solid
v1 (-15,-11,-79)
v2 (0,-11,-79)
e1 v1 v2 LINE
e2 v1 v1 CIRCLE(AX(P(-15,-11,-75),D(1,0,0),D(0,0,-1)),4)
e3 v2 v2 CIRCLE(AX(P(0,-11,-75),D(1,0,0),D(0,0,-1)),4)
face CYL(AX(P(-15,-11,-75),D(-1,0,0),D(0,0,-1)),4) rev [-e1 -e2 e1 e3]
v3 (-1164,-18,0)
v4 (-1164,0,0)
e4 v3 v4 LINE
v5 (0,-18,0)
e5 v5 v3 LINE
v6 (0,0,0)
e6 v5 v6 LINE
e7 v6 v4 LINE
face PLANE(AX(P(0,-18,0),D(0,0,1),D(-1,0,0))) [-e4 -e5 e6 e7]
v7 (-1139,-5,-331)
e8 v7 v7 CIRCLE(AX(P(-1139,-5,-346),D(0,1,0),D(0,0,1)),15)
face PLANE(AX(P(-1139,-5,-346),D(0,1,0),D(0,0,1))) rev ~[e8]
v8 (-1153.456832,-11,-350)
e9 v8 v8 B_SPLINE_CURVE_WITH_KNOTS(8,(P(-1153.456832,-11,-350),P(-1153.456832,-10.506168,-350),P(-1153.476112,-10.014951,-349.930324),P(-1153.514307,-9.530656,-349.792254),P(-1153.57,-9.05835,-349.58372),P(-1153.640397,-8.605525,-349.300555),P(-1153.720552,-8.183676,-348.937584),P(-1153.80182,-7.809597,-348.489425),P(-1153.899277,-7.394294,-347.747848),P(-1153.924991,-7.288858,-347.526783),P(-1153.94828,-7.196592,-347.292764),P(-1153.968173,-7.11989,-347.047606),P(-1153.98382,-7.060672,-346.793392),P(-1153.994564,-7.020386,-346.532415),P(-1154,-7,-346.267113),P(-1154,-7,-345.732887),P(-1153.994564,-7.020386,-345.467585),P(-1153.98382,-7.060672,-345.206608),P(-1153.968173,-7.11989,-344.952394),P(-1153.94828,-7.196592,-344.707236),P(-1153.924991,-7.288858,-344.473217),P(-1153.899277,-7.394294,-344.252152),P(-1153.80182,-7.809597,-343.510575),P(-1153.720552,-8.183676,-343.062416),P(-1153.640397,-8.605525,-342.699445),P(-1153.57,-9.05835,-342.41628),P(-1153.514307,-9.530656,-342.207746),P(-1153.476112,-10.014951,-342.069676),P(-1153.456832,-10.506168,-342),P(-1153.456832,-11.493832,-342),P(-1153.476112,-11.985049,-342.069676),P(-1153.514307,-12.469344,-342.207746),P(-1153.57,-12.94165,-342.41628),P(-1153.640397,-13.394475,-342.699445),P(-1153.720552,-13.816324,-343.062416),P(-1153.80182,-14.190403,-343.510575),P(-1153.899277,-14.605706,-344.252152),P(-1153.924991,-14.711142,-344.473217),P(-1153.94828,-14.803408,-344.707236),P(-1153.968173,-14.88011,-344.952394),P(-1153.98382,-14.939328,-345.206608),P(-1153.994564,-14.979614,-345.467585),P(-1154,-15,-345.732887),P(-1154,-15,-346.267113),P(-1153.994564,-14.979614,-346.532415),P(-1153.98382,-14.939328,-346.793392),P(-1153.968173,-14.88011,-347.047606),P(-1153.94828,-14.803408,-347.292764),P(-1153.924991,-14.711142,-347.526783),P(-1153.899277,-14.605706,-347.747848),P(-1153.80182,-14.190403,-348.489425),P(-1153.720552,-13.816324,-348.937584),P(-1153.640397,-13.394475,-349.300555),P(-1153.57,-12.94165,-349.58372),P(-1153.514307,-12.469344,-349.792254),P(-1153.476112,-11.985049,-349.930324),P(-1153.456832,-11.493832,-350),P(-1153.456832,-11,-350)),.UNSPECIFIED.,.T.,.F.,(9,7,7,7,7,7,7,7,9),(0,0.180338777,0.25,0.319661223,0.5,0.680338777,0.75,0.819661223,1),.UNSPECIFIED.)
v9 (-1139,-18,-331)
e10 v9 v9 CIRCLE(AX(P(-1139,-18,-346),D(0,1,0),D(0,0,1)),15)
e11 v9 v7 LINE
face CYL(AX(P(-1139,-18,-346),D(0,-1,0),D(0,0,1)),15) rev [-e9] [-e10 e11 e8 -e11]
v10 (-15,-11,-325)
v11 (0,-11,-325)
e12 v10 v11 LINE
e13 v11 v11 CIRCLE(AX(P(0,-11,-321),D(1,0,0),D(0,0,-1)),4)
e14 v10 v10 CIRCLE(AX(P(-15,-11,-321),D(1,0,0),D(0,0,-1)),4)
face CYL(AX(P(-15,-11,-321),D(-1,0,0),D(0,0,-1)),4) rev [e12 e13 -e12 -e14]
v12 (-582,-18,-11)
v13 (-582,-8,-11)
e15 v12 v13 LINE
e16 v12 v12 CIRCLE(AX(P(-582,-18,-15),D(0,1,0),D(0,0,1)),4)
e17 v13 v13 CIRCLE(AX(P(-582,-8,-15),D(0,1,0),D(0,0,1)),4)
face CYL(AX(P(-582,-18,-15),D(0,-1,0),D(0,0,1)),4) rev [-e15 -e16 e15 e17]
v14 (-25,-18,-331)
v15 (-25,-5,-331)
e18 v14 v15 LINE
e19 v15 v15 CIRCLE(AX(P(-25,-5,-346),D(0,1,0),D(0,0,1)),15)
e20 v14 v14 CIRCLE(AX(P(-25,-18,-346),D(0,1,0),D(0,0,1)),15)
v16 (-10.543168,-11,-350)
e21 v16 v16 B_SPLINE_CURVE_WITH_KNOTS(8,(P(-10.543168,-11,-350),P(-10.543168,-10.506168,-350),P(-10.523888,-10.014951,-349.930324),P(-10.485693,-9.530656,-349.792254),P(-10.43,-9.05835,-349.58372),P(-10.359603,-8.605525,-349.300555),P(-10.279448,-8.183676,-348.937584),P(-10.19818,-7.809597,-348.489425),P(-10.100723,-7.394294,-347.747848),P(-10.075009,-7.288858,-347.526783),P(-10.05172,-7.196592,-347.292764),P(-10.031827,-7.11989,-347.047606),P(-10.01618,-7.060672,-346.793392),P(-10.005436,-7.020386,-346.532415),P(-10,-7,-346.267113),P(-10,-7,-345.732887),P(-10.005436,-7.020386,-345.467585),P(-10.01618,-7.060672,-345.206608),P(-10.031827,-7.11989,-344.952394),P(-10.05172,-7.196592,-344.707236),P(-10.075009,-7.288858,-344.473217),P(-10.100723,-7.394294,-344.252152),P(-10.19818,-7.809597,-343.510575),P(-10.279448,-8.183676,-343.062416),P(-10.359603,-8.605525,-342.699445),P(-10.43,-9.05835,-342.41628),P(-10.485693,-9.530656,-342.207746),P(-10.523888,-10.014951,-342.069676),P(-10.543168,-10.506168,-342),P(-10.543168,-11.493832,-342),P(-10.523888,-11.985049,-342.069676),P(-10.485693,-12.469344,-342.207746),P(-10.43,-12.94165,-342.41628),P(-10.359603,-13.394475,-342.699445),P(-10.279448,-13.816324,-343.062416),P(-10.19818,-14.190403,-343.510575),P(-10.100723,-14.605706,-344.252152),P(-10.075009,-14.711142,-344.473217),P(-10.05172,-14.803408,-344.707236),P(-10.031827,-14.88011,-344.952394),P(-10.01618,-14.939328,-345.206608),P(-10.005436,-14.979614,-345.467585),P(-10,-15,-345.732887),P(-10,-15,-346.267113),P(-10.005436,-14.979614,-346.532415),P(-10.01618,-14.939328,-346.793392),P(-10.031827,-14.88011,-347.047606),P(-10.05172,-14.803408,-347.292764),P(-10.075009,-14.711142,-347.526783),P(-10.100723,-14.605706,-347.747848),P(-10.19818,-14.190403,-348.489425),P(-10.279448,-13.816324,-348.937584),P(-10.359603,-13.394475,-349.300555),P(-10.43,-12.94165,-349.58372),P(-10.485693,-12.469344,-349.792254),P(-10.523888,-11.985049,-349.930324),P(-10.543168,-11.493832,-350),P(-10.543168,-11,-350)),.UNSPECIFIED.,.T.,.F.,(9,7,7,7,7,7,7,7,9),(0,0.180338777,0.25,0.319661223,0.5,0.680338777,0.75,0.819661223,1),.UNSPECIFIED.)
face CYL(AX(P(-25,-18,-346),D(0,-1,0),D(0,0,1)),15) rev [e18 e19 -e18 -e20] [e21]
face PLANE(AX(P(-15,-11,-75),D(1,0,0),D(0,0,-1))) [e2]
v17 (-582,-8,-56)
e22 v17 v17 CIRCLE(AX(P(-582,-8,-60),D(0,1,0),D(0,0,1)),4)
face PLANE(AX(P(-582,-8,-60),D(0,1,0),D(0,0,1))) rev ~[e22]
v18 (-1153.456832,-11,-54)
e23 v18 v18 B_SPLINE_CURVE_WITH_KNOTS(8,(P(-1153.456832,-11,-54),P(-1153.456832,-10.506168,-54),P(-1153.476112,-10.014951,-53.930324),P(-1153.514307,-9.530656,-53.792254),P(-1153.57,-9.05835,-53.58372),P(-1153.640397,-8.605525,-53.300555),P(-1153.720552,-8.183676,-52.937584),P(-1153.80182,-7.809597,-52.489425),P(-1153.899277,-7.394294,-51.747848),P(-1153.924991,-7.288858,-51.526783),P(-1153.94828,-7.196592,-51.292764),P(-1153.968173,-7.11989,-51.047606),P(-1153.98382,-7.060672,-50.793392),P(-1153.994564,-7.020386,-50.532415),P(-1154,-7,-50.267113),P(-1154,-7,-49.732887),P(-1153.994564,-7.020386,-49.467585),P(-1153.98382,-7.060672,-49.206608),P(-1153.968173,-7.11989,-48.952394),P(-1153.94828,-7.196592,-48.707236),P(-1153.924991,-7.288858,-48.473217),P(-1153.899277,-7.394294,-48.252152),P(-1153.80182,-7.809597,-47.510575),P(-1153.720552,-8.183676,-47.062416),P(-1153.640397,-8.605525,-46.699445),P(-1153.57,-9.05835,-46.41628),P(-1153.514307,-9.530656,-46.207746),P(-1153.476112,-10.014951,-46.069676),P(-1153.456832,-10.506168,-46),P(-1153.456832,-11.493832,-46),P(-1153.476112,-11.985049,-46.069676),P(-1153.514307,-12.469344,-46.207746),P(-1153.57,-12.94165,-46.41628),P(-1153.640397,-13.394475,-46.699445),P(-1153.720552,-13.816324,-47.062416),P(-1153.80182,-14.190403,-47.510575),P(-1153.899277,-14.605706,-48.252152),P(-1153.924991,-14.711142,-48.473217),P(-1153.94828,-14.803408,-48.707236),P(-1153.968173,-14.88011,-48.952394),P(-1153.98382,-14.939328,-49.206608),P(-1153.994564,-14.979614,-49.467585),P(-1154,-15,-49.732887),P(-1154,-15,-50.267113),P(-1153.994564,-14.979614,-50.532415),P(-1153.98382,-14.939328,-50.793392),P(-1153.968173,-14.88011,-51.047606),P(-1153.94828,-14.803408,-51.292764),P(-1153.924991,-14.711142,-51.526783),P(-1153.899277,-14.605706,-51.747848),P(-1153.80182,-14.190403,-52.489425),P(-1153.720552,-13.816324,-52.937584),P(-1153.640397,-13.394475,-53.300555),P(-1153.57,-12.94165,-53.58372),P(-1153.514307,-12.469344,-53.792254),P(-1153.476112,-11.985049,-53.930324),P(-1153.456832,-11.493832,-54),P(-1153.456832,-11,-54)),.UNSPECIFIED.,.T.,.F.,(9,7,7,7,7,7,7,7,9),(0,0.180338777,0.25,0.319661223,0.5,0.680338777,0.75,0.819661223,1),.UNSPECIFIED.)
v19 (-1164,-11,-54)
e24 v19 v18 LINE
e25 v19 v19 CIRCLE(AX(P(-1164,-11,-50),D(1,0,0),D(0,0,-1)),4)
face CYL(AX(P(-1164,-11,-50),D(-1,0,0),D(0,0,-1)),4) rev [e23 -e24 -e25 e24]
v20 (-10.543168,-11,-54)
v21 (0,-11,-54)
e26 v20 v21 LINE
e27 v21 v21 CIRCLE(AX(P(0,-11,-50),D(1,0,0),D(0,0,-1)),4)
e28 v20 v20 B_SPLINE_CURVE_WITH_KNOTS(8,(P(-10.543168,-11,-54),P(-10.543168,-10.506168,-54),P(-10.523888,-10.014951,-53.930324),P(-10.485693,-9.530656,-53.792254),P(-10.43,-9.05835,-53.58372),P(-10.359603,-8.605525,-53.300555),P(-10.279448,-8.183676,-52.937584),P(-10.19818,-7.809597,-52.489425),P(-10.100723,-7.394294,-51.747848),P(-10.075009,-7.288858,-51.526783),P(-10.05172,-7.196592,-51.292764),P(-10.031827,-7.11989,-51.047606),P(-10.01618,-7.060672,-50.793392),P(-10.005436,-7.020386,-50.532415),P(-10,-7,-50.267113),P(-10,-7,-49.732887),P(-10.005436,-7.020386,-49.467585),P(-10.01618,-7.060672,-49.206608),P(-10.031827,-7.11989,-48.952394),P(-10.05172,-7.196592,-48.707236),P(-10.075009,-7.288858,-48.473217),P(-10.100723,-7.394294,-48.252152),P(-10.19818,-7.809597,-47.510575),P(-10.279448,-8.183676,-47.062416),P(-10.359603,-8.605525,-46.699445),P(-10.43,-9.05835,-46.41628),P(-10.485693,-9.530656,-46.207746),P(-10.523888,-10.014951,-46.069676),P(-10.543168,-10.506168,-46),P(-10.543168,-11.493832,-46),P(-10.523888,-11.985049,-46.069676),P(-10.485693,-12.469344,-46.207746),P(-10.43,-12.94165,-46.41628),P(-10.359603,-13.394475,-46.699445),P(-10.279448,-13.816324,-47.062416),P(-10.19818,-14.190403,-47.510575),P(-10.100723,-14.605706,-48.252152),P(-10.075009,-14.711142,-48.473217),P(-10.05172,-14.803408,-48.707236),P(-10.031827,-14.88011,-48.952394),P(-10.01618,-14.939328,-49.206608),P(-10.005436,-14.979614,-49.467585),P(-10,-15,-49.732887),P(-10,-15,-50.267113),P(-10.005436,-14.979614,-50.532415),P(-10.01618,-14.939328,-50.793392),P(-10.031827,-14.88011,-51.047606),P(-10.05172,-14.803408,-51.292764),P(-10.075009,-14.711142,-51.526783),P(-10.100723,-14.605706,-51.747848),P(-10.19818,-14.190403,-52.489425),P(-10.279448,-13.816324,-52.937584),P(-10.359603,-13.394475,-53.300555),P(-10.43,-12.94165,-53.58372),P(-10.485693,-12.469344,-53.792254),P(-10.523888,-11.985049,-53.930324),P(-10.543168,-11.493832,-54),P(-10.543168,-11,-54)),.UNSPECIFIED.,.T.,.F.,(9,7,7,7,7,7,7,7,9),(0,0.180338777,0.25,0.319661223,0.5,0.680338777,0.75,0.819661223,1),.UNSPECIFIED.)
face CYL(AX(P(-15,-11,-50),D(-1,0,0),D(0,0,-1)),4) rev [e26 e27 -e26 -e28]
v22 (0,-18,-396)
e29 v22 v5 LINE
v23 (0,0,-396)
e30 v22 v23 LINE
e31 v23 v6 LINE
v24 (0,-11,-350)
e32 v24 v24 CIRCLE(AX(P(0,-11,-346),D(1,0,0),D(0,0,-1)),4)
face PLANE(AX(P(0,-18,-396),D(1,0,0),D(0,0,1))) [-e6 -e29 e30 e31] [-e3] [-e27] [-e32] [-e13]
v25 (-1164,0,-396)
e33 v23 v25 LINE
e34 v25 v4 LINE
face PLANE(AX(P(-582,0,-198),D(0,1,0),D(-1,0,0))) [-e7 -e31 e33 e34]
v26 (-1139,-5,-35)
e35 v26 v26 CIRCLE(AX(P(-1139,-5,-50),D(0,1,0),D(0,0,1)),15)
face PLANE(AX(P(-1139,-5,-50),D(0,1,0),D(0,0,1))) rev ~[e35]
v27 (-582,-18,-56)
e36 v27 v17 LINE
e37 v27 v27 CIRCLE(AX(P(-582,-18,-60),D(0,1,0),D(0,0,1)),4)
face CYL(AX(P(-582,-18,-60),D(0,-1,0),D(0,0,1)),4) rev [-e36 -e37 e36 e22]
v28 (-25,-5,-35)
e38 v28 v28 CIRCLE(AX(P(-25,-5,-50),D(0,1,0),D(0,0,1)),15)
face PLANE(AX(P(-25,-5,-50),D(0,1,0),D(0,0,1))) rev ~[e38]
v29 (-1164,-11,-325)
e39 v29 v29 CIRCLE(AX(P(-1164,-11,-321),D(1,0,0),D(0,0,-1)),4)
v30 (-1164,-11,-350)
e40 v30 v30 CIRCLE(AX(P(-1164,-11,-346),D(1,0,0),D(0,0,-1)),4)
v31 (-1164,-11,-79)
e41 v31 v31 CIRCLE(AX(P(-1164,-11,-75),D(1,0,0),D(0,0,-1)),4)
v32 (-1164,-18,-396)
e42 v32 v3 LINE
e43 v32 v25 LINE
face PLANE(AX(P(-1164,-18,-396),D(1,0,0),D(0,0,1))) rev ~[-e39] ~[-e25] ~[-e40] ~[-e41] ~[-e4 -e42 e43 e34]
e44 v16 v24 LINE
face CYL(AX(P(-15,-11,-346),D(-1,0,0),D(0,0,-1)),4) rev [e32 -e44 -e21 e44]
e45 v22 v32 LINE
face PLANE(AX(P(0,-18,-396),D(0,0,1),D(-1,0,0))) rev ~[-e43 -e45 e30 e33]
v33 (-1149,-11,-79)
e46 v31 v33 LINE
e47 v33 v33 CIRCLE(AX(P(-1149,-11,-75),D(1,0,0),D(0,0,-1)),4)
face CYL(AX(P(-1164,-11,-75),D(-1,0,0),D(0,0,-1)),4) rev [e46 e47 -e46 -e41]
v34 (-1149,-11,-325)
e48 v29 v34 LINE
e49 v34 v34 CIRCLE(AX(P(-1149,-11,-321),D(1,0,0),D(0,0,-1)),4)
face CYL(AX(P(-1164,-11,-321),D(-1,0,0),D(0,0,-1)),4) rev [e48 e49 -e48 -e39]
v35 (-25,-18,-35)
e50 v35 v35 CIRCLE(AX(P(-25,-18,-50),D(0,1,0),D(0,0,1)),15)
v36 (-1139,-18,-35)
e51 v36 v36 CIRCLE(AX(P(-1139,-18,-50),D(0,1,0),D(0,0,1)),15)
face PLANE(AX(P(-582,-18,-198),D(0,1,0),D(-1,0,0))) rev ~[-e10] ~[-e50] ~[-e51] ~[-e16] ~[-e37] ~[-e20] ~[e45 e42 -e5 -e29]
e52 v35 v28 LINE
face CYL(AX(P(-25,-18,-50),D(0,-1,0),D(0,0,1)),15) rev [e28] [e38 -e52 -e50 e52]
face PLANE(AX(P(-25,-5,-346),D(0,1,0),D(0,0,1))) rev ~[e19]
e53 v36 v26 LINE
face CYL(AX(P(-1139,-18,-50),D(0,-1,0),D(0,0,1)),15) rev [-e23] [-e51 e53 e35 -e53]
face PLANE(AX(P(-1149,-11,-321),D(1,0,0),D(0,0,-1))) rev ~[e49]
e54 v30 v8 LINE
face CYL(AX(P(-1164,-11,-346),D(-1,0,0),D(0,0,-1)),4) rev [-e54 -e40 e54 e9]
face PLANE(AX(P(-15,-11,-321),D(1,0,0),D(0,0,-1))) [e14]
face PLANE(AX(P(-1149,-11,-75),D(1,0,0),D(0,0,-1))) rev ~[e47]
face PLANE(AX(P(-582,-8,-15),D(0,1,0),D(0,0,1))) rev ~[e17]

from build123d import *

# Parameters (mm, degrees)
SKETCH1_W                = 1164
SKETCH1_H                = 396
BASE_PANEL_DEPTH         = 18
SKETCH2_R                = 4
EXTRUDE2_DEPTH           = 15
EXTRUDE3_START           = -15
SKETCH3_R                = 4
EXTRUDE3_DEPTH           = 15
SKETCH5_R                = 15
EXTRUDE17_DEPTH          = 13
TAGLIO_ESTRUSIONE1_START = -18
SKETCH4_2_R              = 4
TAGLIO_ESTRUSIONE1_DEPTH = 10


with BuildPart() as part:
    # Sketch1 → Base Panel (new body)
    with BuildSketch(Plane(origin=(0, -18, 0), x_dir=(-1, 0, 0), z_dir=(0, 1, 0))):
        with Locations((582, -198)):
            Rectangle(SKETCH1_W, SKETCH1_H)
    extrude(amount=BASE_PANEL_DEPTH)

    # Sketch2 → Extrude2 (cut)
    with BuildSketch(Plane(origin=(-1164, 0, 0), x_dir=(0, 0, -1), z_dir=(1, 0, 0))):
        with Locations((50, -11)):
            Circle(SKETCH2_R)
        with Locations((75, -11)):
            Circle(SKETCH2_R)
        with Locations((321, -11)):
            Circle(SKETCH2_R)
        with Locations((346, -11)):
            Circle(SKETCH2_R)
    extrude(amount=EXTRUDE2_DEPTH, mode=Mode.SUBTRACT)

    # Sketch3 → Extrude3 (cut)
    with BuildSketch(Plane(origin=(0, 0, 0), x_dir=(0, 0, -1), z_dir=(1, 0, 0)).offset(EXTRUDE3_START)):
        with Locations((346, -11)):
            Circle(SKETCH3_R)
        with Locations((321, -11)):
            Circle(SKETCH3_R)
        with Locations((75, -11)):
            Circle(SKETCH3_R)
        with Locations((50, -11)):
            Circle(SKETCH3_R)
    extrude(amount=EXTRUDE3_DEPTH, mode=Mode.SUBTRACT)

    # Sketch5 → Extrude17 (cut)
    with BuildSketch(Plane(origin=(0, -18, 0), x_dir=(-1, 0, 0), z_dir=(0, 1, 0))):
        with Locations(Location((25, -50, 0), (0, 0, 90))):
            Circle(SKETCH5_R)
        with Locations(Location((25, -346, 0), (0, 0, 90))):
            Circle(SKETCH5_R)
        with Locations(Location((1139, -50, 0), (0, 0, 90))):
            Circle(SKETCH5_R)
        with Locations(Location((1139, -346, 0), (0, 0, 90))):
            Circle(SKETCH5_R)
    extrude(amount=EXTRUDE17_DEPTH, mode=Mode.SUBTRACT)

    # Sketch4<2> → Taglio-Estrusione1 (cut)
    with BuildSketch(Plane(origin=(0, 0, 0), x_dir=(1, 0, 0), z_dir=(0, 1, 0)).offset(TAGLIO_ESTRUSIONE1_START)):
        with Locations(Location((-582, 15, 0), (0, 0, 270))):
            Circle(SKETCH4_2_R)
        with Locations(Location((-582, 60, 0), (0, 0, 270))):
            Circle(SKETCH4_2_R)
    extrude(amount=TAGLIO_ESTRUSIONE1_DEPTH, mode=Mode.SUBTRACT)


solid = part.part
